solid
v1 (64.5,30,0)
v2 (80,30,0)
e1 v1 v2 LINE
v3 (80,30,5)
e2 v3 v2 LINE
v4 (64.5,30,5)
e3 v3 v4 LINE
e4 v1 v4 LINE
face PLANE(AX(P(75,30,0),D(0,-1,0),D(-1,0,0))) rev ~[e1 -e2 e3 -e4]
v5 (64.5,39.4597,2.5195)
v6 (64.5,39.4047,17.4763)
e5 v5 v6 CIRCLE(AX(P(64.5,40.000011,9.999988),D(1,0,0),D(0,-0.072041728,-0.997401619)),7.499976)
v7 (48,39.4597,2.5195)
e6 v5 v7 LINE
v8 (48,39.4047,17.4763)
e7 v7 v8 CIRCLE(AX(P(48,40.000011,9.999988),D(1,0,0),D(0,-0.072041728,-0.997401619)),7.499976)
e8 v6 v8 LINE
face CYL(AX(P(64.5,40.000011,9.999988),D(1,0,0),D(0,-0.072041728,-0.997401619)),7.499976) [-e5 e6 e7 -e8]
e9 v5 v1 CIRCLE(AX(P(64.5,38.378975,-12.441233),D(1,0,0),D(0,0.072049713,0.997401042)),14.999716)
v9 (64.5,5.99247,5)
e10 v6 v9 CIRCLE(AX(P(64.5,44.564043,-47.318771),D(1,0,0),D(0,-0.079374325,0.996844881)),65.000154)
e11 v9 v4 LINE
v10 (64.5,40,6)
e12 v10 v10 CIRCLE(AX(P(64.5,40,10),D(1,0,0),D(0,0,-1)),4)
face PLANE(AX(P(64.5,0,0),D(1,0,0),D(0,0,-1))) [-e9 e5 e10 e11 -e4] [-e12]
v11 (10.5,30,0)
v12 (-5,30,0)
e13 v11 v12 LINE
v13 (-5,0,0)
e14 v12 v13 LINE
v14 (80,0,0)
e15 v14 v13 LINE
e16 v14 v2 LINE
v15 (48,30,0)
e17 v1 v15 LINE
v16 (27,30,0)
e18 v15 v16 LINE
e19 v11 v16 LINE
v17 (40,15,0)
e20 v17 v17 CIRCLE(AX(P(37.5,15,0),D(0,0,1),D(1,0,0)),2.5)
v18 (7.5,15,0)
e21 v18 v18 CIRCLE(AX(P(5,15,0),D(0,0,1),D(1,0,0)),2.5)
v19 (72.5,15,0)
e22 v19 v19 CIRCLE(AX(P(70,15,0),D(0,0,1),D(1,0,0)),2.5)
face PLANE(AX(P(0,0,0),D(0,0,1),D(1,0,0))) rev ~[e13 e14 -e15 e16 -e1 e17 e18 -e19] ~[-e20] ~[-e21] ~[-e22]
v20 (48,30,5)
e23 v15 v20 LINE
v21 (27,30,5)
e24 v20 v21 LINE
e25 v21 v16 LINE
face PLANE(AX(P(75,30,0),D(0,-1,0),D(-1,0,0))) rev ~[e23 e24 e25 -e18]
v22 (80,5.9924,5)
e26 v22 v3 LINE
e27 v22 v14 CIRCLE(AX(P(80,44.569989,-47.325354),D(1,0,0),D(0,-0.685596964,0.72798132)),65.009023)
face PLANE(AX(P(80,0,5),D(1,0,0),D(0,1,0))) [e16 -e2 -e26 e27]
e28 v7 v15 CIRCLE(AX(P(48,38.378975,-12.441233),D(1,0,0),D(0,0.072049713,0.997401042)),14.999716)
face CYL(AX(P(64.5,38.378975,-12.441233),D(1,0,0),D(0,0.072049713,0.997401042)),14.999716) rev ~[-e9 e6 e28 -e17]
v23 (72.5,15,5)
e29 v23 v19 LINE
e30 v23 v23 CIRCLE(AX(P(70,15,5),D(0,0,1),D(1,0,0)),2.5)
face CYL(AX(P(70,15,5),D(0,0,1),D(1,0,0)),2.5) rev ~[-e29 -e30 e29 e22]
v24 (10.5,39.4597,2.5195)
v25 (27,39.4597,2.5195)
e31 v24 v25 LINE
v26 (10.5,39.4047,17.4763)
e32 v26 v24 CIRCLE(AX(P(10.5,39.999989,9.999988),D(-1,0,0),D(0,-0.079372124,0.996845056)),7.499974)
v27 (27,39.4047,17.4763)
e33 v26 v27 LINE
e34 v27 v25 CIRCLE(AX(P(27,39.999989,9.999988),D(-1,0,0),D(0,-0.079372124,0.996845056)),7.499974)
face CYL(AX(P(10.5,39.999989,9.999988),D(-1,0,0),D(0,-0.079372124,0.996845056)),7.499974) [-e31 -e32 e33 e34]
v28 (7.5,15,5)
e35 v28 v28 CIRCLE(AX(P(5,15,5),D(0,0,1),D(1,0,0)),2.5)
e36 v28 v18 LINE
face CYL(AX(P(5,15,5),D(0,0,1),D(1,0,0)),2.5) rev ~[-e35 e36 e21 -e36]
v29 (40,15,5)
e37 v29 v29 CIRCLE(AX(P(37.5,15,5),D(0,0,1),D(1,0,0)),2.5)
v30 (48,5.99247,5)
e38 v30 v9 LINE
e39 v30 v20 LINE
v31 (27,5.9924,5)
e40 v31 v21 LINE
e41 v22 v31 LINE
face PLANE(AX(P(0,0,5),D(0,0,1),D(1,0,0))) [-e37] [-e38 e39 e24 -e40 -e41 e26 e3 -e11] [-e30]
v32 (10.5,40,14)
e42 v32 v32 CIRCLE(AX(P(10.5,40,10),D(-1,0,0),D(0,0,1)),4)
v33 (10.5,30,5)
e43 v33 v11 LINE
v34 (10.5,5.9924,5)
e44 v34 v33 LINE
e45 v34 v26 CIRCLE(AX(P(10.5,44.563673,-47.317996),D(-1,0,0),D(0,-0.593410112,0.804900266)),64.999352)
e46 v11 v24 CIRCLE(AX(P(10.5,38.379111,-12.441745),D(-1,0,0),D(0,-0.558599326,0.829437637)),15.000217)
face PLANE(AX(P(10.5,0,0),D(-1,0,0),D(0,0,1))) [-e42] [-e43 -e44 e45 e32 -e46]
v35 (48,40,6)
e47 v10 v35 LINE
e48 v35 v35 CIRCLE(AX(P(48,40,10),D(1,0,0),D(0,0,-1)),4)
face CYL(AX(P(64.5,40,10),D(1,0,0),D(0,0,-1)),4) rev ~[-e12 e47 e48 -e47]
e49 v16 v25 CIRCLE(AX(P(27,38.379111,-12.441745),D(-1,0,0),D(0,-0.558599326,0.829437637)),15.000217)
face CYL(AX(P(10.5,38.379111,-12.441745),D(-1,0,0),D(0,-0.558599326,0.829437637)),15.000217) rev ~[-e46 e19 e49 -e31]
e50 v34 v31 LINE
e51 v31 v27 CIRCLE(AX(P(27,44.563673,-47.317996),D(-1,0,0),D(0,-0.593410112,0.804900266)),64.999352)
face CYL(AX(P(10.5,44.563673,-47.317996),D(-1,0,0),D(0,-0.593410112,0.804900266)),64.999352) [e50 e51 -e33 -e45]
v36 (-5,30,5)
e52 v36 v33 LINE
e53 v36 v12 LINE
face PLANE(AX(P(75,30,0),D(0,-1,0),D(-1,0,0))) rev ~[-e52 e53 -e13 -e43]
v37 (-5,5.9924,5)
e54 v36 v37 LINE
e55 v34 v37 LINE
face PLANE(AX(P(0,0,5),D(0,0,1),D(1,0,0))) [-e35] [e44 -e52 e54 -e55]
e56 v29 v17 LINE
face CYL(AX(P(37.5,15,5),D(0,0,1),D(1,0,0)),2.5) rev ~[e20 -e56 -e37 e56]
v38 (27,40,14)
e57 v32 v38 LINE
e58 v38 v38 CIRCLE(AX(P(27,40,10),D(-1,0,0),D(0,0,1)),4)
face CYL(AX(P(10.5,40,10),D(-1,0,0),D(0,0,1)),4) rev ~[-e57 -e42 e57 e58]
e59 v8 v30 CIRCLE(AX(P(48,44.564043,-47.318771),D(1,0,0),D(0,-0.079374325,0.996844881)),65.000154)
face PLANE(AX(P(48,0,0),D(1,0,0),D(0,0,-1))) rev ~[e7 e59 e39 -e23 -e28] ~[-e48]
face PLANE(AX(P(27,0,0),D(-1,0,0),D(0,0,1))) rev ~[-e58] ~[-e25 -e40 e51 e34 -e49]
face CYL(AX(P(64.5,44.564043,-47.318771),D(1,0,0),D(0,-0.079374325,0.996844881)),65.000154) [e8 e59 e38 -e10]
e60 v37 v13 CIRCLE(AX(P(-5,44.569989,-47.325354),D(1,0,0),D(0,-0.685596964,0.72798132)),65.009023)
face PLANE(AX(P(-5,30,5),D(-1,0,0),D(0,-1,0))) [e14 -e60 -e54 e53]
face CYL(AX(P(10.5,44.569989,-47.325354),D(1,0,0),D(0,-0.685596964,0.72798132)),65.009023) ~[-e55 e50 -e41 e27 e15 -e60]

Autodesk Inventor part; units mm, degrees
ref_plane "YZ Plane" through (0, 0, 0) normal (1, 0, 0) x (0, 1, 0)
sketch "Sketch1" plane through (0, 0, 0) normal (0, 0, 1) x (1, 0, 0)
  line L0 (0, 0) -> (75, 0)
  line L1 (75, 0) -> (75, 30)
  line L2 (75, 30) -> (0, 30)
  line L3 (0, 30) -> (0, 0)
  point P0 (75, 15)
  point P1 (37.5, 30)
  dimension "d0" = 75
  dimension "d1" = 30
extrude "Extrusion1" add sketch "Sketch1" along normal blind 5
ref_plane "Work Plane1" through (64.5, 0, 0) normal (1, 0, 0) x (0, 0, -1)
sketch "Sketch2" plane through (64.5, 0, 0) normal (1, 0, 0) x (0, 0, -1)
  circle A0 centre (-10, 40) radius 4
  circle A1 centre (-10, 40) radius 7.5 construction
  arc A2 (-17.4763, 39.4047) -> (0, 0) centre (47.3186, 44.564) ccw
  arc A3 (-2.5195, 39.4597) -> (-17.4763, 39.4047) centre (-10, 40) ccw
  arc A4 (-2.5195, 39.4597) -> (0, 30) centre (12.4415, 38.379) ccw
  line L0 (0, 30) -> (-5, 30) projected
  line L1 (0, 0) -> (0, 30) construction
  line L2 (0, 30) -> (0, 0)
  dimension "d8" = 8
  dimension "d9" = 15
  dimension "d13" = 65
  dimension "d26" = 15
  dimension "d27" = 10
  dimension "d28" = 10
extrude "Extrusion2" add sketch "Sketch2" against normal blind 16.5
ref_plane "Work Plane2" through (10.5, 0, 0) normal (-1, 0, 0) x (0, 0, 1)
sketch "Sketch3" plane through (10.5, 0, 0) normal (-1, 0, 0) x (0, 0, 1)
  circle A0 centre (10, 40) radius 4 projected
  line L0 (5, 5.9924) -> (5, 30) projected
  arc A1 (5, 5.9924) -> (17.4763, 39.4047) centre (-47.3186, 44.564) ccw projected
  arc A2 (17.4763, 39.4047) -> (2.5195, 39.4597) centre (10, 40) ccw projected
  line L1 (5, 30) -> (0, 30) projected
  arc A3 (0, 30) -> (2.5195, 39.4597) centre (-12.4415, 38.379) ccw projected
  point P0 (0, 0)
extrude "Extrusion3" add sketch "Sketch3" against normal blind 16.5
sketch "Sketch7" plane through (0, 0, 5) normal (0, 0, 1) x (1, 0, 0)
  line L0 (5, 15) -> (70, 15) construction
  line L1 (0, 0) -> (75, 0) projected
  circle A0 centre (5, 15) radius 2.5
  circle A1 centre (37.5, 15) radius 2.5
  circle A2 centre (70, 15) radius 2.5
  line L2 (0, 30) -> (0, 0) projected
  point P0 (37.5, 0)
  point P1 (0, 15)
  dimension "d29" = 65
  dimension "d30" = 5
  dimension "d31" = 5
  dimension "d32" = 5
extrude "Extrusion6" cut sketch "Sketch7" against normal through all
sketch "Sketch9" plane through (0, 0, 5) normal (0, 0, 1) x (1, 0, 0)
  line L0 (10.5, 30) -> (0, 30) projected
  line L1 (0, 30) -> (-5, 30)
  line L2 (-5, 30) -> (-5, 0)
  line L3 (-5, 0) -> (0, 0)
  line L4 (0, 0) -> (0, 30)
  line L5 (0, 0) -> (75, 0) projected
  line L6 (75, 0) -> (80, 0)
  line L7 (80, 0) -> (80, 30)
  line L8 (80, 30) -> (75, 30)
  line L9 (75, 30) -> (75, 0)
  point P0 (-2.5, 0)
  dimension "d37" = 5
  dimension "d38" = 5
extrude "Extrusion8" add sketch "Sketch9" against normal blind 5
sketch "Sketch8" plane through (10.5, 0, 0) normal (-1, 0, 0) x (0, 0, 1)
  arc A0 (5, 5.9924) -> (17.4763, 39.4047) centre (-47.3186, 44.564) ccw construction
  arc A1 (0, 0) -> (17.4763, 39.4047) centre (-47.3186, 44.564) ccw construction
  line L0 (5, 0) -> (5, 30) projected
  line L1 (5, 5.9924) -> (5, 0)
  line L2 (5, 0) -> (0, 0)
  arc A2 (0, 0) -> (5, 5.9924) centre (-47.3186, 44.564) ccw
extrude "Extrusion7" cut sketch "Sketch8" along normal through all both and the other way through all
properties part number "TC007b" material "ABS Plastic"
